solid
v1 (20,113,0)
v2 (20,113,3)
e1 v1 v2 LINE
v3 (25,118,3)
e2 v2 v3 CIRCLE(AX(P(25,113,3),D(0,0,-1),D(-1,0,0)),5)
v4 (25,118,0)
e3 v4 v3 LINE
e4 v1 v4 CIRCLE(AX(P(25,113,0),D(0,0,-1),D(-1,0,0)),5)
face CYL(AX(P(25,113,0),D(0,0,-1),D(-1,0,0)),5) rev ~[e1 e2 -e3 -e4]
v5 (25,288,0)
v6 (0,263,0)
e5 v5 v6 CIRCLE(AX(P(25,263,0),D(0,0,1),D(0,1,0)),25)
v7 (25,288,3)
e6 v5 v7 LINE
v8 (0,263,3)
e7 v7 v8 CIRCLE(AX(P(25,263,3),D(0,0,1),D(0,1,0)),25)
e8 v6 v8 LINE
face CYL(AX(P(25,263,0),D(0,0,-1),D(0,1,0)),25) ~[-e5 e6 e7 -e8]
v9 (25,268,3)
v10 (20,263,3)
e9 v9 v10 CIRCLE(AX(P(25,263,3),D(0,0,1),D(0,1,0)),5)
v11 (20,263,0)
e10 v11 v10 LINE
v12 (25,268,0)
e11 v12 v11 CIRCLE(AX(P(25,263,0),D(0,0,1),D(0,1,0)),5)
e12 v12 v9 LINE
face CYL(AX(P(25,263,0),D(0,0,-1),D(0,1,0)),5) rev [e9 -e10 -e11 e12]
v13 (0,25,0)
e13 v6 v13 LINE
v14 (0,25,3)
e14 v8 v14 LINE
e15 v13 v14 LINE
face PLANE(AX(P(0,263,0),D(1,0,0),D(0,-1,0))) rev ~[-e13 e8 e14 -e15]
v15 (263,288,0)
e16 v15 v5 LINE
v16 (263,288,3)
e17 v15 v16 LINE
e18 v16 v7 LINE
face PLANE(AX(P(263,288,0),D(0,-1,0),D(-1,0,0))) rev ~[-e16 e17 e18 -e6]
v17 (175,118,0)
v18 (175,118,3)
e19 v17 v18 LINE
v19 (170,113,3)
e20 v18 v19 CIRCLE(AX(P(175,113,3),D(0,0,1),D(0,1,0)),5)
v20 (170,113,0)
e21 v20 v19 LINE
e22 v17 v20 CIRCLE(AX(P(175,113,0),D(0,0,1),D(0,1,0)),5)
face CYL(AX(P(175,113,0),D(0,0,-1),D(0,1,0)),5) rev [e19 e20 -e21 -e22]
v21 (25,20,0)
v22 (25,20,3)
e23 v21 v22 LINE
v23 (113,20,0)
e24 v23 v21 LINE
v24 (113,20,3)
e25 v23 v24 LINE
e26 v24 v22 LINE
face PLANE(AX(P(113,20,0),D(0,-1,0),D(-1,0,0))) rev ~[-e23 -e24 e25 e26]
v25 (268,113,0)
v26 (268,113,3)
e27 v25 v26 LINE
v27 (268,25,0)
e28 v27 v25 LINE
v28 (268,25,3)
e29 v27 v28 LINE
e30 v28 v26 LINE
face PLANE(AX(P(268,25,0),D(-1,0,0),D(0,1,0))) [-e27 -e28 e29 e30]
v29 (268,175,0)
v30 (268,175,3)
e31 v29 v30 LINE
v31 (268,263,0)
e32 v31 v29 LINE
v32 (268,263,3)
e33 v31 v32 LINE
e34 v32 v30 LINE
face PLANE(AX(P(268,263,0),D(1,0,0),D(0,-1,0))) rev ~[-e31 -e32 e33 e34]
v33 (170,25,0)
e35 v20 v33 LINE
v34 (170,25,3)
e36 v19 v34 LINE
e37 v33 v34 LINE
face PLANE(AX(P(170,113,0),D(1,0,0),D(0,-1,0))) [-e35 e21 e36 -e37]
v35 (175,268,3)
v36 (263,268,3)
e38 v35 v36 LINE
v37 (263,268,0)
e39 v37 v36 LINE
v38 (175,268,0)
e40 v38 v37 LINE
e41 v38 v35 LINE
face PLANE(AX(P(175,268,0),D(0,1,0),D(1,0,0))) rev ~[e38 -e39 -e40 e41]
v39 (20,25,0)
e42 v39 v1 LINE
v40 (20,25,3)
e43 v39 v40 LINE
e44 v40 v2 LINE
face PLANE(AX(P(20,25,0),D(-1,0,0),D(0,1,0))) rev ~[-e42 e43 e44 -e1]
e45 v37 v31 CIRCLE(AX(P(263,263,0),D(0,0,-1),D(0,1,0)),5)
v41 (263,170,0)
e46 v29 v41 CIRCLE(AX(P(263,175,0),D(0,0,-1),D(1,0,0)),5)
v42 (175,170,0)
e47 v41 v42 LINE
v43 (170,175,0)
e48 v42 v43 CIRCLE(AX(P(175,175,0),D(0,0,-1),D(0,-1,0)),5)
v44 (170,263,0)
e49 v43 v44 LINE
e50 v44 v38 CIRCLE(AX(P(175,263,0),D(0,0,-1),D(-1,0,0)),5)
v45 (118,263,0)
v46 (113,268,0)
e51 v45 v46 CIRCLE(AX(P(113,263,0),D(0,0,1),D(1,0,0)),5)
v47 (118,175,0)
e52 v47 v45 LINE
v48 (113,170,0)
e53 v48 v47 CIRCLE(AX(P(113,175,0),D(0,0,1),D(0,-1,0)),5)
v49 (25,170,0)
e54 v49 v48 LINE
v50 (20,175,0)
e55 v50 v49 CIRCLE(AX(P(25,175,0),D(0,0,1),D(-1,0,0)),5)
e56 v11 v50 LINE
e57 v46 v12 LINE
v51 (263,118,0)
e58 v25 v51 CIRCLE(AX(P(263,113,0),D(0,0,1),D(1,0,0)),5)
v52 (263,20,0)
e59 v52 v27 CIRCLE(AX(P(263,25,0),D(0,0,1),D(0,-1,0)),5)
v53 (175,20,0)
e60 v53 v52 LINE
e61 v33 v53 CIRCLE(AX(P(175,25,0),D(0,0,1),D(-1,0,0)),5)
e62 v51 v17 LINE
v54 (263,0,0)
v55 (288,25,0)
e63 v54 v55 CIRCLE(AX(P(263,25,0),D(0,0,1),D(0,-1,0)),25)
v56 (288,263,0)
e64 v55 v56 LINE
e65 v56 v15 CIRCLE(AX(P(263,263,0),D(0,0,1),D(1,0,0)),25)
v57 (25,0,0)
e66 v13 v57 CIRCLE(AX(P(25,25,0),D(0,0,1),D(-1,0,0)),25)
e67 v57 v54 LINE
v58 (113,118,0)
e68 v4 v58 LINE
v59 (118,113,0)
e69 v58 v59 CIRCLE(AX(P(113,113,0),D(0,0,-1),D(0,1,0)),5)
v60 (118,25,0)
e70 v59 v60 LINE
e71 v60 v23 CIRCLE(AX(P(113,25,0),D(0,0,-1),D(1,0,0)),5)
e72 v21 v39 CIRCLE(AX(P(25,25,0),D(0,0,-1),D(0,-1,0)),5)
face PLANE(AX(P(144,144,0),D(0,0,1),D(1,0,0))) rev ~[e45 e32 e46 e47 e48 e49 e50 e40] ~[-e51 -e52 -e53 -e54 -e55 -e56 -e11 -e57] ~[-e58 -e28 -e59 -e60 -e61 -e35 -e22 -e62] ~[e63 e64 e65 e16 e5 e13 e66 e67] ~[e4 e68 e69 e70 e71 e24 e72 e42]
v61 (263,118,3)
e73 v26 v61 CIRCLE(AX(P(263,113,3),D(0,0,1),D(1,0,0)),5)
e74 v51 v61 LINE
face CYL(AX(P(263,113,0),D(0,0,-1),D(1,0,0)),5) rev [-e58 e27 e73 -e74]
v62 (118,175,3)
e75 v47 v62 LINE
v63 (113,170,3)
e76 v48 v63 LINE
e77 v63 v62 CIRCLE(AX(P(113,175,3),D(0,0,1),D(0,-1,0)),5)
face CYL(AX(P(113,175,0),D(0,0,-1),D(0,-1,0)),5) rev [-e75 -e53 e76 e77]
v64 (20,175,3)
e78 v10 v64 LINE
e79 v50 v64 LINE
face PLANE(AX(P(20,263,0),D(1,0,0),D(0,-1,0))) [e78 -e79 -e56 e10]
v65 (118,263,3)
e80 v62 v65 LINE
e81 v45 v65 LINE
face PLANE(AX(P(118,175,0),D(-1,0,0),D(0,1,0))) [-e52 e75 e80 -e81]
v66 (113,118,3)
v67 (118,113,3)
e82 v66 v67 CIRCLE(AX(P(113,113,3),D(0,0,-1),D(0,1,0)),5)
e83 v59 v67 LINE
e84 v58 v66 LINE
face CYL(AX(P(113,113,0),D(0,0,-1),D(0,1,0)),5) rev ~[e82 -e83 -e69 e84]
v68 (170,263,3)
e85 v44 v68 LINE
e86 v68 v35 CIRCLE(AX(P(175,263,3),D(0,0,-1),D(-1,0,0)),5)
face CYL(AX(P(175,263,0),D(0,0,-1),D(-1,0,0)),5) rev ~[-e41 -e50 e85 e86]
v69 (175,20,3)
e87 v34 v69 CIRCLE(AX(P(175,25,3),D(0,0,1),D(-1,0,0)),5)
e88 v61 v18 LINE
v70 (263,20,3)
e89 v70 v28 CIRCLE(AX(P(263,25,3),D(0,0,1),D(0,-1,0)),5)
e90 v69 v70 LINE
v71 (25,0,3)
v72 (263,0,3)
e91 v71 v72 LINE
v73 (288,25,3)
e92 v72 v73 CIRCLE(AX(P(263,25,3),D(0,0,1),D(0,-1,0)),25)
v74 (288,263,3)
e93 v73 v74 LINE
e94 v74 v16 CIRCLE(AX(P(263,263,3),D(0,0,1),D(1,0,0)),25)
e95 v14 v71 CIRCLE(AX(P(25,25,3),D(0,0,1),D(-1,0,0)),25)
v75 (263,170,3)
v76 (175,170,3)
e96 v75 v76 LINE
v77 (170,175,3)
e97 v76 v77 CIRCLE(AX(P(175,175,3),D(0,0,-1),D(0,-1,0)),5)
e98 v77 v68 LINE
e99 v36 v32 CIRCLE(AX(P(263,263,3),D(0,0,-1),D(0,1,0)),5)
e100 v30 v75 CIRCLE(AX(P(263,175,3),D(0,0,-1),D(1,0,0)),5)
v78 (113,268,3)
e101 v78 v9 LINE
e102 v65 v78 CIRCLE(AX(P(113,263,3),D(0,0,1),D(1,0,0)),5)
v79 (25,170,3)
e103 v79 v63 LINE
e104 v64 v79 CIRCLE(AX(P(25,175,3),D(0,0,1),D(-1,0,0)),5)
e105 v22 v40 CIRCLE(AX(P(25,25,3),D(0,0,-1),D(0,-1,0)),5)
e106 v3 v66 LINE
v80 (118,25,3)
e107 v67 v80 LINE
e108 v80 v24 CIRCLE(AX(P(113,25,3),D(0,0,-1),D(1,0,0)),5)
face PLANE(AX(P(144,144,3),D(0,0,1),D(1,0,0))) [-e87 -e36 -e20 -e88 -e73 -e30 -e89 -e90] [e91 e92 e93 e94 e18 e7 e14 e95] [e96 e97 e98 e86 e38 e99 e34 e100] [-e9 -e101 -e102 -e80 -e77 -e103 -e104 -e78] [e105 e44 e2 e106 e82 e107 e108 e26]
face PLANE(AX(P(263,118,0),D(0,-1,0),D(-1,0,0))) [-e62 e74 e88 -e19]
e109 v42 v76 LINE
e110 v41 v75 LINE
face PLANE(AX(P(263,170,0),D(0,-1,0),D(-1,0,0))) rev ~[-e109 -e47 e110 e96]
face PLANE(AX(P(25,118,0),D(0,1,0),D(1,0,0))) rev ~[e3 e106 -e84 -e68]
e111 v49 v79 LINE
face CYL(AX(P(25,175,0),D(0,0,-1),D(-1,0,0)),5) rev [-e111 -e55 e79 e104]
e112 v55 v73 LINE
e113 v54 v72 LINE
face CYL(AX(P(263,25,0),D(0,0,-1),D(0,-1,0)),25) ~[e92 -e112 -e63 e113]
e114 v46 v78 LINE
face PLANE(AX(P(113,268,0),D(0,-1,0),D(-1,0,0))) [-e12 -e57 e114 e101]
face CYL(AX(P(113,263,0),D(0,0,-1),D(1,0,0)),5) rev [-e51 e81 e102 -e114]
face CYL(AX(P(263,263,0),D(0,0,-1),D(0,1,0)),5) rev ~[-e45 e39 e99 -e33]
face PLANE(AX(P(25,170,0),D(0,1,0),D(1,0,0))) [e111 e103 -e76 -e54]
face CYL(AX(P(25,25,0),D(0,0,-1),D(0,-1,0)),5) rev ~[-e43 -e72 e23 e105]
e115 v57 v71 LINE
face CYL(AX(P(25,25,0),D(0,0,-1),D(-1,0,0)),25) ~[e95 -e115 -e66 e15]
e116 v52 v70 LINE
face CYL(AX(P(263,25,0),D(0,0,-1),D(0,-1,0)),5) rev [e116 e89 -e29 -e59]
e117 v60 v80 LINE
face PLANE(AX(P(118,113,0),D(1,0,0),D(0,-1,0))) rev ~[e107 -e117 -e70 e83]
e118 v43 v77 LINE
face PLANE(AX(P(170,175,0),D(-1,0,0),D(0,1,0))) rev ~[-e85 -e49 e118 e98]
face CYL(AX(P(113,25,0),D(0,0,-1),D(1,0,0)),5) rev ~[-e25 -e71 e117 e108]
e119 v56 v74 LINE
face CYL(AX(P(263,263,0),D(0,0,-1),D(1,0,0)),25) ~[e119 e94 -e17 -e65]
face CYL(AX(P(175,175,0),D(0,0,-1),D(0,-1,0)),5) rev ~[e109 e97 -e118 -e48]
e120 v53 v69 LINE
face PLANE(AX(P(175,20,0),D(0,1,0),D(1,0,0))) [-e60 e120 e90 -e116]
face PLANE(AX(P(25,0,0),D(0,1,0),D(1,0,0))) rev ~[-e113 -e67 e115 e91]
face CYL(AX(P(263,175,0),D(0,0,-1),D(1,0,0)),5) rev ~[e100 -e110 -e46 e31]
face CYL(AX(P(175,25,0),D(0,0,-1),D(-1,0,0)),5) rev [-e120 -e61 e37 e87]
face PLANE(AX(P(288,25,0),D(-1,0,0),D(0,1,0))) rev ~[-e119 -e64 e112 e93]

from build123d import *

# Parameters (mm, degrees)
BOSS_EXTRUDE1_DEPTH = 3


with BuildPart() as part:
    # Sketch1 → Boss-Extrude1 (new body)
    with BuildSketch(Plane.XY):
        with BuildLine():
            Line((25, 0), (263, 0))
            ThreePointArc((263, 0), (280.67766953, 7.32233047), (288, 25))
            Line((288, 25), (288, 263))
            ThreePointArc((288, 263), (280.67766953, 280.67766953), (263, 288))
            Line((263, 288), (25, 288))
            ThreePointArc((25, 288), (7.32233047, 280.67766953), (0, 263))
            Line((0, 263), (0, 25))
            ThreePointArc((0, 25), (7.32233047, 7.32233047), (25, 0))
        make_face()
        with BuildLine():
            Line((25, 170), (113, 170))
            ThreePointArc((113, 170), (116.535533906, 171.464466094), (118, 175))
            Line((118, 175), (118, 263))
            ThreePointArc((118, 263), (116.535533906, 266.535533906), (113, 268))
            Line((113, 268), (25, 268))
            ThreePointArc((25, 268), (21.464466094, 266.535533906), (20, 263))
            Line((20, 263), (20, 175))
            ThreePointArc((20, 175), (21.464466094, 171.464466094), (25, 170))
        make_face(mode=Mode.SUBTRACT)
        with BuildLine():
            Line((118, 113), (118, 25))
            ThreePointArc((118, 25), (116.535533906, 21.464466094), (113, 20))
            Line((113, 20), (25, 20))
            ThreePointArc((25, 20), (21.464466094, 21.464466094), (20, 25))
            Line((20, 25), (20, 113))
            ThreePointArc((20, 113), (21.464466094, 116.535533906), (25, 118))
            Line((25, 118), (113, 118))
            ThreePointArc((113, 118), (116.535533906, 116.535533906), (118, 113))
        make_face(mode=Mode.SUBTRACT)
        with BuildLine():
            Line((263, 118), (175, 118))
            ThreePointArc((175, 118), (171.464466094, 116.535533906), (170, 113))
            Line((170, 113), (170, 25))
            ThreePointArc((170, 25), (171.464466094, 21.464466094), (175, 20))
            Line((175, 20), (263, 20))
            ThreePointArc((263, 20), (266.535533906, 21.464466094), (268, 25))
            Line((268, 25), (268, 113))
            ThreePointArc((268, 113), (266.535533906, 116.535533906), (263, 118))
        make_face(mode=Mode.SUBTRACT)
        with BuildLine():
            Line((170, 175), (170, 263))
            ThreePointArc((170, 263), (171.464466094, 266.535533906), (175, 268))
            Line((175, 268), (263, 268))
            ThreePointArc((263, 268), (266.535533906, 266.535533906), (268, 263))
            Line((268, 263), (268, 175))
            ThreePointArc((268, 175), (266.535533906, 171.464466094), (263, 170))
            Line((263, 170), (175, 170))
            ThreePointArc((175, 170), (171.464466094, 171.464466094), (170, 175))
        make_face(mode=Mode.SUBTRACT)
    extrude(amount=BOSS_EXTRUDE1_DEPTH)


solid = part.part
